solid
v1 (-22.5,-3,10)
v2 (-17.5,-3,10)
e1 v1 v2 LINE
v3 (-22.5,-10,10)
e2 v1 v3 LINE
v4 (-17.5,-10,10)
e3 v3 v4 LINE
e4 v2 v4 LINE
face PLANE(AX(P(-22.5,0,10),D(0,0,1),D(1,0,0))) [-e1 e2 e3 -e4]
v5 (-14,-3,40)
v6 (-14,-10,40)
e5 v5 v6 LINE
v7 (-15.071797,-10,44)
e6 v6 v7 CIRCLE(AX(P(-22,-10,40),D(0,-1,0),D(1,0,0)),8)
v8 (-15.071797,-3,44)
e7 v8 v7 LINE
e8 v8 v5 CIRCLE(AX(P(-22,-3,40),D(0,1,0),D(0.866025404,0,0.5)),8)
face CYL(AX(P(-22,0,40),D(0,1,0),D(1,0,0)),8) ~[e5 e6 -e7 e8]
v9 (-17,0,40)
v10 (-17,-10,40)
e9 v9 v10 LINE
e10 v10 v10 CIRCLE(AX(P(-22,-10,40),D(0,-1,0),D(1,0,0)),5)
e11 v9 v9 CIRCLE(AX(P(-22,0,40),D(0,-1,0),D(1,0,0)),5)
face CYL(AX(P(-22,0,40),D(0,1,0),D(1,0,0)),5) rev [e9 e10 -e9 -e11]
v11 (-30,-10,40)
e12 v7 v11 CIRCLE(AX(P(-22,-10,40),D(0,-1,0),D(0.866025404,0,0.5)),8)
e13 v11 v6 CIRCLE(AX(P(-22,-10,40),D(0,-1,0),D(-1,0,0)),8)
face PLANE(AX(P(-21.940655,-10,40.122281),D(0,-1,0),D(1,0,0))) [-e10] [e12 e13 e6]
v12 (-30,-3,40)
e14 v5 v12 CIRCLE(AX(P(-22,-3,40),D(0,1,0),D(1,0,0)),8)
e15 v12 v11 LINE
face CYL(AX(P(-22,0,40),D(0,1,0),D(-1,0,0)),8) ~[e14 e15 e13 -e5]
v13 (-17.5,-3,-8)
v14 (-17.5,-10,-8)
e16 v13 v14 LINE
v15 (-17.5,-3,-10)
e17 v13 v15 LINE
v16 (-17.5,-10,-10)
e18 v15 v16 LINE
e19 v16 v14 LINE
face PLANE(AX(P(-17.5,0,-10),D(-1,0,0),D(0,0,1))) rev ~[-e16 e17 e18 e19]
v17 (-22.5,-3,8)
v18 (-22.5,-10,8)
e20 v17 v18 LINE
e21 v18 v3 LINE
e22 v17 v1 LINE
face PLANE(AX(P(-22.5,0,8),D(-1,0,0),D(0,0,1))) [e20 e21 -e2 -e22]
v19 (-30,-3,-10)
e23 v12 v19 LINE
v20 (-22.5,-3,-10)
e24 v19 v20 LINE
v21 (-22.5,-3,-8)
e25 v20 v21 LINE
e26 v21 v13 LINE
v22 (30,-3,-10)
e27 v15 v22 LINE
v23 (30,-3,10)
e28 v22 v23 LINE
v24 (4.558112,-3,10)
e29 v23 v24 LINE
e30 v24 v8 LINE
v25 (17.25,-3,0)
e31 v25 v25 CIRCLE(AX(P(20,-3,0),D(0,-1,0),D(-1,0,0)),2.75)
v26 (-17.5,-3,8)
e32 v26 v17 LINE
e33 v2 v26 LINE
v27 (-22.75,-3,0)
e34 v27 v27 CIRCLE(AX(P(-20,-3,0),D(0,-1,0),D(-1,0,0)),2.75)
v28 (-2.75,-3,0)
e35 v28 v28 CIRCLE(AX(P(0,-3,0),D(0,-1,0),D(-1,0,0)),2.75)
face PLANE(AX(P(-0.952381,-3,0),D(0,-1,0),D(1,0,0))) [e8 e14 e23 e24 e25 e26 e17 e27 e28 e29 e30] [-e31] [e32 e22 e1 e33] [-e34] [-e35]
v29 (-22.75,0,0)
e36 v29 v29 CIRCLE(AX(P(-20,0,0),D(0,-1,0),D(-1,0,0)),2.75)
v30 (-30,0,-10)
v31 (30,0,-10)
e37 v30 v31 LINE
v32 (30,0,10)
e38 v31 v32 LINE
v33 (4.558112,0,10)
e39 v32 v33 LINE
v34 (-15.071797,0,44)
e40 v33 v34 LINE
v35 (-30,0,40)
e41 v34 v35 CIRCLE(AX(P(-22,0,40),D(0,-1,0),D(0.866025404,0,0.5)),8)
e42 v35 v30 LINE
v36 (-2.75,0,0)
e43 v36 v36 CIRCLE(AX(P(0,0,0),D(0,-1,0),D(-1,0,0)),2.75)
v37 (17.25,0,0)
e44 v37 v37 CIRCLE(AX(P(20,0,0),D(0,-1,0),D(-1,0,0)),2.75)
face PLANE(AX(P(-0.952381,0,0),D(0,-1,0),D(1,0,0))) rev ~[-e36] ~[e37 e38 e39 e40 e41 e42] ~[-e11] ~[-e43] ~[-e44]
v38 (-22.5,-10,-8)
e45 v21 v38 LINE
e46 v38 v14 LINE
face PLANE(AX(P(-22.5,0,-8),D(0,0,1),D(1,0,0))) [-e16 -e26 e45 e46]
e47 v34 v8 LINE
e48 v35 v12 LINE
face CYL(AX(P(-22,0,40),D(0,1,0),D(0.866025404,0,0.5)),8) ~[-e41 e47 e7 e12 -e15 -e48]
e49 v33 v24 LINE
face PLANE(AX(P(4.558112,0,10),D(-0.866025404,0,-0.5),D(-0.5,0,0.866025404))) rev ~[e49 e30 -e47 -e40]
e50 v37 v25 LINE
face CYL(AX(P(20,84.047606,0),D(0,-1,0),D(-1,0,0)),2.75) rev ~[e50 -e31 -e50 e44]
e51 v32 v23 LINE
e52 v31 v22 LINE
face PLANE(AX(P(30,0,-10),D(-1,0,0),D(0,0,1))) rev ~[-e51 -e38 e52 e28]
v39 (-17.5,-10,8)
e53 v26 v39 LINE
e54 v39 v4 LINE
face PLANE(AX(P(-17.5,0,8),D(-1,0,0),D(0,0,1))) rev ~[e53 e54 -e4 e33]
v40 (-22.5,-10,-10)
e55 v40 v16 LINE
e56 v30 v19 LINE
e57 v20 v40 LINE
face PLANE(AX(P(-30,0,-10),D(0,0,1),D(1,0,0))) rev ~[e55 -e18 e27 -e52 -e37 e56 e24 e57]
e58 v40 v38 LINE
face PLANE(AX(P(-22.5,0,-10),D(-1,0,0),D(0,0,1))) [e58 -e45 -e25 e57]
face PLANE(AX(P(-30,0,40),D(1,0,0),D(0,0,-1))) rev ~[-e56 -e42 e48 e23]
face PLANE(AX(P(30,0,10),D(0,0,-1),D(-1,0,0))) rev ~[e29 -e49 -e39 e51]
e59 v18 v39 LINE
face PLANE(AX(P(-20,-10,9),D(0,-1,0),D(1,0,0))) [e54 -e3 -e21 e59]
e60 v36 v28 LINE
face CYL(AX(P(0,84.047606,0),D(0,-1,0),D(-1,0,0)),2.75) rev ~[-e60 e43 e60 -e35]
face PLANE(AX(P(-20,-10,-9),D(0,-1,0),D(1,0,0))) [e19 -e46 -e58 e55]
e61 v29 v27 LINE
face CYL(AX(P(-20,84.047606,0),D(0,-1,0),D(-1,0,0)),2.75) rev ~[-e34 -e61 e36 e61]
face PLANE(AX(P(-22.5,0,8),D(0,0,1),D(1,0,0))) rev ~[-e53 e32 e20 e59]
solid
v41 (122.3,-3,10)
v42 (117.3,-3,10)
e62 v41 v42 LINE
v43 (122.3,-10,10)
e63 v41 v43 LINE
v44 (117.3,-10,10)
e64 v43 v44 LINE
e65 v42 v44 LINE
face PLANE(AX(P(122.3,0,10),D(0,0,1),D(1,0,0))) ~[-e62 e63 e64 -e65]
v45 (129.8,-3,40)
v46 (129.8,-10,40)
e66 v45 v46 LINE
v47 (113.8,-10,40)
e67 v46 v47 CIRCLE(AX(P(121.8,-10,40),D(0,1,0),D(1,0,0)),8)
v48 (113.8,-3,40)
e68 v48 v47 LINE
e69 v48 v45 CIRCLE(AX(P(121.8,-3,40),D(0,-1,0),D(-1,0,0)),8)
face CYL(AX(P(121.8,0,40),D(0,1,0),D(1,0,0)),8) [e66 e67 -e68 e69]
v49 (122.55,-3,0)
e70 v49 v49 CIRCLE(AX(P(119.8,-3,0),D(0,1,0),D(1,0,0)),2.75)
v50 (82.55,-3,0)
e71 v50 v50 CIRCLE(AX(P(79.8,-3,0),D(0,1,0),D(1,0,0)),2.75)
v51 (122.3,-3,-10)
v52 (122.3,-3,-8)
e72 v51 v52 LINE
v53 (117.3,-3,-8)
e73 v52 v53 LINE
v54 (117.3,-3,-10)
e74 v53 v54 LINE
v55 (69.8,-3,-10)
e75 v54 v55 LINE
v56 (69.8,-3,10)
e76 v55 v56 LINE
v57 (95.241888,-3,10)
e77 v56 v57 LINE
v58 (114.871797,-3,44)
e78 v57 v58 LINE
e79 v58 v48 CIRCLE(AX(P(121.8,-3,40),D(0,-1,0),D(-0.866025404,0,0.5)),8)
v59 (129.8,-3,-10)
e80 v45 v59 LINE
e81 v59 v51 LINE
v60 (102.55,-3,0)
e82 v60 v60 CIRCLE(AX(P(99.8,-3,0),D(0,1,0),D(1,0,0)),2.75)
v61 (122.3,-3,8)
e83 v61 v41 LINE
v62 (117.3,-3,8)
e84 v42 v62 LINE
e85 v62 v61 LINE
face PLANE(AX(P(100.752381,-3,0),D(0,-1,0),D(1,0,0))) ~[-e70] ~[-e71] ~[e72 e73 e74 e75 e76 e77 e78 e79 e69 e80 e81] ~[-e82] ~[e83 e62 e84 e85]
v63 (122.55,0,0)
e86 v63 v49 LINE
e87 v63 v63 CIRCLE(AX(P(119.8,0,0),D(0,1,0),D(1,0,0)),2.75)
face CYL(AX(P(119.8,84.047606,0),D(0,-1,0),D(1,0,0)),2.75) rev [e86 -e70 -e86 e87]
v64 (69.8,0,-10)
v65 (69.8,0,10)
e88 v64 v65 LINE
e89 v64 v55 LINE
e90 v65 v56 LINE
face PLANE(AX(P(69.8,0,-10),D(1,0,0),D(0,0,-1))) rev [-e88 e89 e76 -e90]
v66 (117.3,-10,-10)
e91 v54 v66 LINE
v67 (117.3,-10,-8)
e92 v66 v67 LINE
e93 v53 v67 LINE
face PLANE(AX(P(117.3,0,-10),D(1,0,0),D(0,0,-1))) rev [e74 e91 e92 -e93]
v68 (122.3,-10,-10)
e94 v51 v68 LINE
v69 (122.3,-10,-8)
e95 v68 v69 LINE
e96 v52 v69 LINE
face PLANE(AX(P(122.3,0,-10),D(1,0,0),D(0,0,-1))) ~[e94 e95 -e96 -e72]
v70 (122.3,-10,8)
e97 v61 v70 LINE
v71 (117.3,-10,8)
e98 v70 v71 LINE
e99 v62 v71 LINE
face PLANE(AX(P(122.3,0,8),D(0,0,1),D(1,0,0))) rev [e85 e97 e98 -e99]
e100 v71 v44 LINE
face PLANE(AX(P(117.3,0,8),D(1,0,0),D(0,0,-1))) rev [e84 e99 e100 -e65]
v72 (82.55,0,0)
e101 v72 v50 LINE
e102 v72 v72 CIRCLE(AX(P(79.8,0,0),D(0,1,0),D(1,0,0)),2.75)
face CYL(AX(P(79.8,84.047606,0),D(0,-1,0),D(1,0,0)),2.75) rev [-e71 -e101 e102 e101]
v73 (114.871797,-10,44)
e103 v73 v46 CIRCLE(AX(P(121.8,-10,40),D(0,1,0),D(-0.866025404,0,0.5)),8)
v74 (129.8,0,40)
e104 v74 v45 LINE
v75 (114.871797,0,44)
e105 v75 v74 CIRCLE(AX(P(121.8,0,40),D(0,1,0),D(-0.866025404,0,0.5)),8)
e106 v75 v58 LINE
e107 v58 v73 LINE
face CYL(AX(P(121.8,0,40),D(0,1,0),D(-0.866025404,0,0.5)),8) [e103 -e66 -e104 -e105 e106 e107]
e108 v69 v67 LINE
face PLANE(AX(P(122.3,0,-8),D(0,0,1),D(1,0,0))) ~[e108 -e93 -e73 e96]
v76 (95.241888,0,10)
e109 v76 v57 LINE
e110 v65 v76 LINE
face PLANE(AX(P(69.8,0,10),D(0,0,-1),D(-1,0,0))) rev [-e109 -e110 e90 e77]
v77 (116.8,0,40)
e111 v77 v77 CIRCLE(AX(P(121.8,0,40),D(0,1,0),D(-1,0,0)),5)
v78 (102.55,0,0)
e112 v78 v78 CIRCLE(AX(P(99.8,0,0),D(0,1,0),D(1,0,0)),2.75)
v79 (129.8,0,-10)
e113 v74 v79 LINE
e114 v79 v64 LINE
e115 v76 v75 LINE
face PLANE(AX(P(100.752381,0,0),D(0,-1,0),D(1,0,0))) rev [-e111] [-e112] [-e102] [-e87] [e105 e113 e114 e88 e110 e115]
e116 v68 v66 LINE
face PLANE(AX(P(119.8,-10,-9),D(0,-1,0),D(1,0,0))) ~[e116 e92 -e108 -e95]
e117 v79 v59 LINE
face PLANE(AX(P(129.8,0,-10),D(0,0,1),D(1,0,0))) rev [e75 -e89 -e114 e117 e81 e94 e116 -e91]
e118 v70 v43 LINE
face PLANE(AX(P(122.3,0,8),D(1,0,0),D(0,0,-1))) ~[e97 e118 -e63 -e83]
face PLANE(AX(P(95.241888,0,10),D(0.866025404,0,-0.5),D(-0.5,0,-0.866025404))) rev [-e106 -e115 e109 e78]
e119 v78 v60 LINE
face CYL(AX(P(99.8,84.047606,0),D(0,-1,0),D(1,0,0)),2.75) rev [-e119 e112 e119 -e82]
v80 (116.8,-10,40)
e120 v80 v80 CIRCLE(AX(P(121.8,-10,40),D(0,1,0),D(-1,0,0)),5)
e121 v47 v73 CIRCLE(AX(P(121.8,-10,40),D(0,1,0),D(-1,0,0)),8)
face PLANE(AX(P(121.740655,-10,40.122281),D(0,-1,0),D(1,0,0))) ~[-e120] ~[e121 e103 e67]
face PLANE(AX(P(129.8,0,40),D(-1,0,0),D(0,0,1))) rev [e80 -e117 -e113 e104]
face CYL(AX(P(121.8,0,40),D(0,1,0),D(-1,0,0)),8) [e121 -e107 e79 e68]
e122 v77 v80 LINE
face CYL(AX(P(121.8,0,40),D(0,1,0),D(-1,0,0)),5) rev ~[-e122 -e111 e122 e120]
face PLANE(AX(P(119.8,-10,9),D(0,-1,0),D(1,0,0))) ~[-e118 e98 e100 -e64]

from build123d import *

# Parameters (mm, degrees)
F1_DEPTH = 3
F0_W     = 5
F0_H     = 2
F0_R     = 5
F2_DEPTH = 10
F3_D     = 5.5


with BuildPart() as f1:
    # F0 (on Front) → F1 (new body)
    with BuildSketch(Plane.XZ):
        Polygon((-22.5, 10), (-30, 10), (-30, -10), (-22.5, -10), (-22.5, -8), (-17.5, -8), (-17.5, -10), (30, -10), (30, 10), (4.5581123827, 10), (-17.5, 10), (-17.5, 8), (-22.5, 8), align=None)
        with BuildLine():
            Line((-30, 40), (-30, 10))
            Line((-30, 10), (-22.5, 10))
            Line((-22.5, 10), (-17.5, 10))
            Line((-17.5, 10), (4.5581123827, 10))
            Line((4.5581123827, 10), (-15.0717967697, 44))
            ThreePointArc((-15.0717967697, 44), (-14.2725933897, 42.0705523608), (-14, 40))
            ThreePointArc((-14, 40), (-22, 32), (-30, 40))
        make_face()
    extrude(amount=F1_DEPTH)

    # F0 (on Front) → F2 (join)
    with BuildSketch(Plane.XZ):
        with Locations((-20, 9)):
            Rectangle(F0_W, F0_H)
        with Locations((-20, -9)):
            Rectangle(F0_W, F0_H)
        with BuildLine():
            ThreePointArc((-15.0717967697, 44), (-24.0705523608, 47.7274066103), (-30, 40))
            ThreePointArc((-30, 40), (-22, 32), (-14, 40))
            ThreePointArc((-14, 40), (-14.2725933897, 42.0705523608), (-15.0717967697, 44))
        make_face()
        with Locations((-22, 40)):
            Circle(F0_R, mode=Mode.SUBTRACT)
    extrude(amount=F2_DEPTH)

    # F3 (through all)
    with Locations(Plane(origin=(0, 0, 0), x_dir=(1, 0, 0), z_dir=(0, 1, 0))):
        with Locations((-20, 0), (20, 0), (0, 0)):
            Hole(F3_D / 2)


with BuildPart() as f5_1:
    # F5: instance of F1
    add(f1.part.mirror(Plane.YZ.offset(49.9)))


solid = Compound([f1.part, f5_1.part])
